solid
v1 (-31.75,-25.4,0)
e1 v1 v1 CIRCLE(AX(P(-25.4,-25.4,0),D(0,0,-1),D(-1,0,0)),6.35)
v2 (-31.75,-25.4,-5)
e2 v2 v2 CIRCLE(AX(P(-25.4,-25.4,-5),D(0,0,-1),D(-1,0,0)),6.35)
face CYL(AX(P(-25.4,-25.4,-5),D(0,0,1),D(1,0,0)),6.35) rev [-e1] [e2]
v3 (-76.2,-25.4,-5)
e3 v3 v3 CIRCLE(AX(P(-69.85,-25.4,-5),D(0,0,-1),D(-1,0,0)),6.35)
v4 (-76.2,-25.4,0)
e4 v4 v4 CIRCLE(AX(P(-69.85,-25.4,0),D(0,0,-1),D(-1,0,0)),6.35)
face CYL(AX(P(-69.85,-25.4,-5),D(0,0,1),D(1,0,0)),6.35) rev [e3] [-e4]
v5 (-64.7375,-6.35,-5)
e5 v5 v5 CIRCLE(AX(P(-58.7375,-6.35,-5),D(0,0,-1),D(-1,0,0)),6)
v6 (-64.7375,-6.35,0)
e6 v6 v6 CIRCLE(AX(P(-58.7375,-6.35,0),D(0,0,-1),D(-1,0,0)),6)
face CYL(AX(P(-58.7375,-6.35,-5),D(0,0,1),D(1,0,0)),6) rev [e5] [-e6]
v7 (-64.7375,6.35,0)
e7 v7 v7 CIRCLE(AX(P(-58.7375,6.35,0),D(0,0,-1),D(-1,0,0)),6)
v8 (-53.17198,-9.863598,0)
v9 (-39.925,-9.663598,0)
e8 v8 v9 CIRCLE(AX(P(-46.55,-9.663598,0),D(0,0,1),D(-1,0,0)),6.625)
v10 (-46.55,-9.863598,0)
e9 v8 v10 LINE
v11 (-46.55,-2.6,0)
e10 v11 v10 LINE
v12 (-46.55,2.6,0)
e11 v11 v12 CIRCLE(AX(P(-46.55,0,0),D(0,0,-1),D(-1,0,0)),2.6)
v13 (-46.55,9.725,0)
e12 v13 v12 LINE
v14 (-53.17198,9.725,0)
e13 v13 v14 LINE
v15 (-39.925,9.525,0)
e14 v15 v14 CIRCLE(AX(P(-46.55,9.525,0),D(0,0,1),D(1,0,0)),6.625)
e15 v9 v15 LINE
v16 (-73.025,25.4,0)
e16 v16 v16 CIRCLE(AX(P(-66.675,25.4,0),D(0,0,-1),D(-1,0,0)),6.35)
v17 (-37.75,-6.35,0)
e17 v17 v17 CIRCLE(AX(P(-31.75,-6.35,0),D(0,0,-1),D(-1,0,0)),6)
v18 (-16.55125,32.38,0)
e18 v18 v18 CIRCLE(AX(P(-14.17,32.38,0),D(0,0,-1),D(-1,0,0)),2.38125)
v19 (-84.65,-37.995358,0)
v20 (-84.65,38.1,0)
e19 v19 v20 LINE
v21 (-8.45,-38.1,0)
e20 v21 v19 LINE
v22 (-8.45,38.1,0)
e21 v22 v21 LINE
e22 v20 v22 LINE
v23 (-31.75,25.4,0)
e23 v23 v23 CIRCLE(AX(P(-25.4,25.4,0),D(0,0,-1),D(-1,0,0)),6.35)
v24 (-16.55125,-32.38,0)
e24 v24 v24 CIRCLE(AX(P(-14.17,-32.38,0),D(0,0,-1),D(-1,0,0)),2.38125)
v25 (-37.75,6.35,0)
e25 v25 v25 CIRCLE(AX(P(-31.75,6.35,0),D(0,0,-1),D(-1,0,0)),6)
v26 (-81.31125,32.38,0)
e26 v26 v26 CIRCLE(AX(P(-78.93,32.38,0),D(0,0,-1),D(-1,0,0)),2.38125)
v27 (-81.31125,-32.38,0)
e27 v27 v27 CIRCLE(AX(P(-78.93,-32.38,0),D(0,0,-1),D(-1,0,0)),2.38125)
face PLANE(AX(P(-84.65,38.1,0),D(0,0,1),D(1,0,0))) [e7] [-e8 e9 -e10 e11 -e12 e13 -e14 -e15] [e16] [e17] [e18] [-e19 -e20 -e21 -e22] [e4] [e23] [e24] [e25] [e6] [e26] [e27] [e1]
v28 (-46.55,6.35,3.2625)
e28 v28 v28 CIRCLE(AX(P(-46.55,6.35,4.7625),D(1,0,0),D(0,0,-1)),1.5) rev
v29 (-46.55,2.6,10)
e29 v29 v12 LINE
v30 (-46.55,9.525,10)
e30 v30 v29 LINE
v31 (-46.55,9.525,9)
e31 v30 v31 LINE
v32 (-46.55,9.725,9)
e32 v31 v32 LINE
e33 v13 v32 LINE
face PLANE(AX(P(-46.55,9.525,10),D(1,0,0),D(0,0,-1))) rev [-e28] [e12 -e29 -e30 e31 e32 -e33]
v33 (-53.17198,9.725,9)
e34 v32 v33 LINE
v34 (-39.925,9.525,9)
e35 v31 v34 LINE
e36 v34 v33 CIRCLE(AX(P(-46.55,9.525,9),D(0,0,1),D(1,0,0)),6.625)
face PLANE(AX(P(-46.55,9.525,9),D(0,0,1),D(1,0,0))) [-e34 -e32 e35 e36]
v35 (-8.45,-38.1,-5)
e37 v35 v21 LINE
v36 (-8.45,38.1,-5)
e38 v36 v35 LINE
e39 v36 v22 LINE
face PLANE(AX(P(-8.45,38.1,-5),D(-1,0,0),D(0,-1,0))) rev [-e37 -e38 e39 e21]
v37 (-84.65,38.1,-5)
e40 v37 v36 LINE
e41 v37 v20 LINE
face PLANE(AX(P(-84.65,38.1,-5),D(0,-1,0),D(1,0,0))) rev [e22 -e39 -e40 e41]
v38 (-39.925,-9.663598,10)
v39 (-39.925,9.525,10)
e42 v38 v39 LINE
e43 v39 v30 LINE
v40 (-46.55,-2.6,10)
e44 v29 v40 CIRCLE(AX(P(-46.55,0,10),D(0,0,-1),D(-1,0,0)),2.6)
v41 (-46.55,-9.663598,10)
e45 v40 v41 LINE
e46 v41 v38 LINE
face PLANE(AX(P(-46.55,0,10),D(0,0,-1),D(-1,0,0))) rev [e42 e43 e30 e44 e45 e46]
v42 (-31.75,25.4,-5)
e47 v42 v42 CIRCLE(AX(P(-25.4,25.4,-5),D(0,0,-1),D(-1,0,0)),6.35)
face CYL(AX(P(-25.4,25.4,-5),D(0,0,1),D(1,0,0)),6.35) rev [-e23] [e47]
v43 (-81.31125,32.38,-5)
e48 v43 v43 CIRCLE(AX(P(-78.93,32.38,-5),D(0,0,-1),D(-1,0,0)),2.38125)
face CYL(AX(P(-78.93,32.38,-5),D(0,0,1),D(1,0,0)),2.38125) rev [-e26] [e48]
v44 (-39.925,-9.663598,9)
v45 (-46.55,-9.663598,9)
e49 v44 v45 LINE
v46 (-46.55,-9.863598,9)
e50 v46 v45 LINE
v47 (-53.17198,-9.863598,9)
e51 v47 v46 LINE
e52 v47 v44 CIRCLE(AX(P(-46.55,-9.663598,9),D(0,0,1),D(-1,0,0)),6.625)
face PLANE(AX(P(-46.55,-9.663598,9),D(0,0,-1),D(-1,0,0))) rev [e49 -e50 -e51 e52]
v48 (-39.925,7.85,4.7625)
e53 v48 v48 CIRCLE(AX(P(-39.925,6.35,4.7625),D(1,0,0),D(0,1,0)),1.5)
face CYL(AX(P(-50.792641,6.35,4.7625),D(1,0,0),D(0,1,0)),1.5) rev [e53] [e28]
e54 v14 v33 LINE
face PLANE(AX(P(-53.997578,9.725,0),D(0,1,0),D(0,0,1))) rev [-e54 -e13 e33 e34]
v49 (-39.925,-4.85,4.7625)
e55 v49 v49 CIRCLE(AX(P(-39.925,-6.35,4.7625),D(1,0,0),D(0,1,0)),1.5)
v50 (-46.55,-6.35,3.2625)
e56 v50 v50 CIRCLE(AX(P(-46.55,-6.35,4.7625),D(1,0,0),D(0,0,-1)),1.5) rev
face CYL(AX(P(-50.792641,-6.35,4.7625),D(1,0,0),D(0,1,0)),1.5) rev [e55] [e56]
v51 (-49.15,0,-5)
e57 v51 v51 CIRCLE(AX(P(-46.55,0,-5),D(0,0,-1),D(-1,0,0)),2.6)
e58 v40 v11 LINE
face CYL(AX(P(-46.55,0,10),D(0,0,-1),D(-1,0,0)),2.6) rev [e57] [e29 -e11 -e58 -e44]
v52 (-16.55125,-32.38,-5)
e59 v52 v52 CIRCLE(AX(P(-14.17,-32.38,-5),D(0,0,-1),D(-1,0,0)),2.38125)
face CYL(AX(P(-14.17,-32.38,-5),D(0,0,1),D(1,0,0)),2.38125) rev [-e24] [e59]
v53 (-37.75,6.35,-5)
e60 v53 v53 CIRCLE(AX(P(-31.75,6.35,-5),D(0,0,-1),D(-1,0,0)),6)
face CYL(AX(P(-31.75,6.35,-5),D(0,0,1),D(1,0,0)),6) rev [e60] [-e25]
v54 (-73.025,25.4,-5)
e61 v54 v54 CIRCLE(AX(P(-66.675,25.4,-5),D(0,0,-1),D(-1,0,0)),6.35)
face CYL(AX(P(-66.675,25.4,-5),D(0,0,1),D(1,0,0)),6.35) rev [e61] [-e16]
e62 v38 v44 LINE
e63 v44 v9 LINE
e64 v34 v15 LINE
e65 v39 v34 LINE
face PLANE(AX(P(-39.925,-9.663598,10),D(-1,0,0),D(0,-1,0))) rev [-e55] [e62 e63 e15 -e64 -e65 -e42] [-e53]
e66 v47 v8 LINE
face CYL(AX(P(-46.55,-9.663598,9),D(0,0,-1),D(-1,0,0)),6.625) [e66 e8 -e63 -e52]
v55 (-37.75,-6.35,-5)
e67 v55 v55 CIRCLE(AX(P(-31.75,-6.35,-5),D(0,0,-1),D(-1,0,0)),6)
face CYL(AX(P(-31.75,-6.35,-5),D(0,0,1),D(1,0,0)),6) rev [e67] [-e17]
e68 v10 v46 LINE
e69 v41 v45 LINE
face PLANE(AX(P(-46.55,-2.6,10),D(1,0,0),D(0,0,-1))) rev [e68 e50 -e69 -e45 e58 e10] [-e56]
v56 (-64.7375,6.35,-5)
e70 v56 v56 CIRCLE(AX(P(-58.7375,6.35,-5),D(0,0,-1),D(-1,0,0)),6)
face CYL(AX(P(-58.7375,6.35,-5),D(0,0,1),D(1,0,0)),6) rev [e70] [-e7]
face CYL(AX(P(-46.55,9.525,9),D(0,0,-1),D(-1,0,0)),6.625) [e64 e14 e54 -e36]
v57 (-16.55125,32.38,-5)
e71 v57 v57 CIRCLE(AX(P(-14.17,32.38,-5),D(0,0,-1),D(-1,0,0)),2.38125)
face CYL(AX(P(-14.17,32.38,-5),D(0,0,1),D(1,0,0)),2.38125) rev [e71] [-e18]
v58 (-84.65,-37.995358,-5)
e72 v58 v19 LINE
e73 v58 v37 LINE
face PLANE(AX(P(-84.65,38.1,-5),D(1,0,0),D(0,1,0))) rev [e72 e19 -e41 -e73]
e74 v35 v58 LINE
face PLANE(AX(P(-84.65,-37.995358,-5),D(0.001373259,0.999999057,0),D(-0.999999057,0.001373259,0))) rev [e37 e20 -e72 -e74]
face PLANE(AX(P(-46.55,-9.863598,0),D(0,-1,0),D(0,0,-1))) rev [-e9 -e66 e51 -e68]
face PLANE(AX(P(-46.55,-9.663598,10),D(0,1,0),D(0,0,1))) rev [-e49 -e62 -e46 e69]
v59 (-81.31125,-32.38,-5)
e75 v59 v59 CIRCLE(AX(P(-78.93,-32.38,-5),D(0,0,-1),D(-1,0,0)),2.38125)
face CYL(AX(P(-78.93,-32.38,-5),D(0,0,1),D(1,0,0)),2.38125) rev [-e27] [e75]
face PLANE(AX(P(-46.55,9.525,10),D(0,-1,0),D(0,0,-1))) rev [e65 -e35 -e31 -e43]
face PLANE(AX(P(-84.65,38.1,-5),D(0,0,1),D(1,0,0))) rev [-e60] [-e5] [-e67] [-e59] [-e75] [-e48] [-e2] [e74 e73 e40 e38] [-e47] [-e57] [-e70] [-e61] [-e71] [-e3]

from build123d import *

# Parameters (mm, degrees)
EXTRUDE1_DEPTH = 10
SKETCH7_R      = 1.5
EXTRUDE3_DEPTH = 6.625
SKETCH6_R      = 2.38125
SKETCH6_R_2    = 2.6
SKETCH6_R_3    = 6.35
SKETCH6_R_4    = 6
EXTRUDE2_DEPTH = 5
EXTRUDE4_DEPTH = 9
EXTRUDE5_DEPTH = 9


with BuildPart() as part:
    # Sketch5 → Extrude1 (new body)
    with BuildSketch(Plane.XY):
        with BuildLine():
            Line((-46.55, -2.6), (-46.55, -9.663597854))
            Line((-46.55, -9.663597854), (-39.925, -9.663597854))
            Line((-39.925, -9.663597854), (-39.925, 9.525))
            Line((-39.925, 9.525), (-46.55, 9.525))
            Line((-46.55, 9.525), (-46.55, 2.6))
            ThreePointArc((-46.55, 2.6), (-43.95, 0), (-46.55, -2.6))
        make_face()
    extrude(amount=EXTRUDE1_DEPTH)

    # Sketch7 → Extrude3 (cut)
    with BuildSketch(Plane(origin=(-39.925, 0, 0), x_dir=(0, 0, -1), z_dir=(1, 0, 0))):
        with Locations((-4.7625, 6.35)):
            Circle(SKETCH7_R)
        with Locations((-4.7625, -6.35)):
            Circle(SKETCH7_R)
    extrude(amount=-EXTRUDE3_DEPTH, mode=Mode.SUBTRACT)

    # Sketch6 → Extrude2 (add)
    with BuildSketch(Plane(origin=(0, 0, 0), x_dir=(-1, 0, 0), z_dir=(0, 0, -1))):
        Polygon((84.65, 38.1), (8.45, 38.1), (8.45, -38.1), (84.65, -37.995357572), align=None)
        with Locations((78.93, -32.38)):
            Circle(SKETCH6_R, mode=Mode.SUBTRACT)
        with Locations((14.17, -32.38)):
            Circle(SKETCH6_R, mode=Mode.SUBTRACT)
        with Locations((14.17, 32.38)):
            Circle(SKETCH6_R, mode=Mode.SUBTRACT)
        with Locations((78.93, 32.38)):
            Circle(SKETCH6_R, mode=Mode.SUBTRACT)
        with Locations((46.55, 0)):
            Circle(SKETCH6_R_2, mode=Mode.SUBTRACT)
        with Locations((69.85, -25.4)):
            Circle(SKETCH6_R_3, mode=Mode.SUBTRACT)
        with Locations((66.675, 25.4)):
            Circle(SKETCH6_R_3, mode=Mode.SUBTRACT)
        with Locations((25.4, 25.4)):
            Circle(SKETCH6_R_3, mode=Mode.SUBTRACT)
        with Locations((25.4, -25.4)):
            Circle(SKETCH6_R_3, mode=Mode.SUBTRACT)
        with Locations((58.7375, -6.35)):
            Circle(SKETCH6_R_4, mode=Mode.SUBTRACT)
        with Locations((58.7375, 6.35)):
            Circle(SKETCH6_R_4, mode=Mode.SUBTRACT)
        with Locations((31.75, -6.35)):
            Circle(SKETCH6_R_4, mode=Mode.SUBTRACT)
        with Locations((31.75, 6.35)):
            Circle(SKETCH6_R_4, mode=Mode.SUBTRACT)
    extrude(amount=EXTRUDE2_DEPTH)

    # Sketch9 → Extrude4 (add)
    with BuildSketch(Plane.XY):
        with BuildLine():
            Line((-53.175, -9.663597854), (-39.925, -9.663597854))
            ThreePointArc((-39.925, -9.663597854), (-46.55, -16.288597854), (-53.175, -9.663597854))
        make_face()
        with BuildLine():
            Line((-39.925, 9.525), (-53.175, 9.525))
            ThreePointArc((-53.175, 9.525), (-46.55, 16.15), (-39.925, 9.525))
        make_face()
    extrude(amount=EXTRUDE4_DEPTH)

    # Sketch10 → Extrude5 (cut)
    with BuildSketch(Plane.XY.offset(9)):
        Polygon((-46.55, 9.525), (-46.55, 9.725), (-53.997578108, 9.725), (-53.997578108, -9.863597854), (-46.55, -9.863597854), (-46.55, -9.663597854), align=None)
    extrude(amount=-EXTRUDE5_DEPTH, mode=Mode.SUBTRACT)


solid = part.part
